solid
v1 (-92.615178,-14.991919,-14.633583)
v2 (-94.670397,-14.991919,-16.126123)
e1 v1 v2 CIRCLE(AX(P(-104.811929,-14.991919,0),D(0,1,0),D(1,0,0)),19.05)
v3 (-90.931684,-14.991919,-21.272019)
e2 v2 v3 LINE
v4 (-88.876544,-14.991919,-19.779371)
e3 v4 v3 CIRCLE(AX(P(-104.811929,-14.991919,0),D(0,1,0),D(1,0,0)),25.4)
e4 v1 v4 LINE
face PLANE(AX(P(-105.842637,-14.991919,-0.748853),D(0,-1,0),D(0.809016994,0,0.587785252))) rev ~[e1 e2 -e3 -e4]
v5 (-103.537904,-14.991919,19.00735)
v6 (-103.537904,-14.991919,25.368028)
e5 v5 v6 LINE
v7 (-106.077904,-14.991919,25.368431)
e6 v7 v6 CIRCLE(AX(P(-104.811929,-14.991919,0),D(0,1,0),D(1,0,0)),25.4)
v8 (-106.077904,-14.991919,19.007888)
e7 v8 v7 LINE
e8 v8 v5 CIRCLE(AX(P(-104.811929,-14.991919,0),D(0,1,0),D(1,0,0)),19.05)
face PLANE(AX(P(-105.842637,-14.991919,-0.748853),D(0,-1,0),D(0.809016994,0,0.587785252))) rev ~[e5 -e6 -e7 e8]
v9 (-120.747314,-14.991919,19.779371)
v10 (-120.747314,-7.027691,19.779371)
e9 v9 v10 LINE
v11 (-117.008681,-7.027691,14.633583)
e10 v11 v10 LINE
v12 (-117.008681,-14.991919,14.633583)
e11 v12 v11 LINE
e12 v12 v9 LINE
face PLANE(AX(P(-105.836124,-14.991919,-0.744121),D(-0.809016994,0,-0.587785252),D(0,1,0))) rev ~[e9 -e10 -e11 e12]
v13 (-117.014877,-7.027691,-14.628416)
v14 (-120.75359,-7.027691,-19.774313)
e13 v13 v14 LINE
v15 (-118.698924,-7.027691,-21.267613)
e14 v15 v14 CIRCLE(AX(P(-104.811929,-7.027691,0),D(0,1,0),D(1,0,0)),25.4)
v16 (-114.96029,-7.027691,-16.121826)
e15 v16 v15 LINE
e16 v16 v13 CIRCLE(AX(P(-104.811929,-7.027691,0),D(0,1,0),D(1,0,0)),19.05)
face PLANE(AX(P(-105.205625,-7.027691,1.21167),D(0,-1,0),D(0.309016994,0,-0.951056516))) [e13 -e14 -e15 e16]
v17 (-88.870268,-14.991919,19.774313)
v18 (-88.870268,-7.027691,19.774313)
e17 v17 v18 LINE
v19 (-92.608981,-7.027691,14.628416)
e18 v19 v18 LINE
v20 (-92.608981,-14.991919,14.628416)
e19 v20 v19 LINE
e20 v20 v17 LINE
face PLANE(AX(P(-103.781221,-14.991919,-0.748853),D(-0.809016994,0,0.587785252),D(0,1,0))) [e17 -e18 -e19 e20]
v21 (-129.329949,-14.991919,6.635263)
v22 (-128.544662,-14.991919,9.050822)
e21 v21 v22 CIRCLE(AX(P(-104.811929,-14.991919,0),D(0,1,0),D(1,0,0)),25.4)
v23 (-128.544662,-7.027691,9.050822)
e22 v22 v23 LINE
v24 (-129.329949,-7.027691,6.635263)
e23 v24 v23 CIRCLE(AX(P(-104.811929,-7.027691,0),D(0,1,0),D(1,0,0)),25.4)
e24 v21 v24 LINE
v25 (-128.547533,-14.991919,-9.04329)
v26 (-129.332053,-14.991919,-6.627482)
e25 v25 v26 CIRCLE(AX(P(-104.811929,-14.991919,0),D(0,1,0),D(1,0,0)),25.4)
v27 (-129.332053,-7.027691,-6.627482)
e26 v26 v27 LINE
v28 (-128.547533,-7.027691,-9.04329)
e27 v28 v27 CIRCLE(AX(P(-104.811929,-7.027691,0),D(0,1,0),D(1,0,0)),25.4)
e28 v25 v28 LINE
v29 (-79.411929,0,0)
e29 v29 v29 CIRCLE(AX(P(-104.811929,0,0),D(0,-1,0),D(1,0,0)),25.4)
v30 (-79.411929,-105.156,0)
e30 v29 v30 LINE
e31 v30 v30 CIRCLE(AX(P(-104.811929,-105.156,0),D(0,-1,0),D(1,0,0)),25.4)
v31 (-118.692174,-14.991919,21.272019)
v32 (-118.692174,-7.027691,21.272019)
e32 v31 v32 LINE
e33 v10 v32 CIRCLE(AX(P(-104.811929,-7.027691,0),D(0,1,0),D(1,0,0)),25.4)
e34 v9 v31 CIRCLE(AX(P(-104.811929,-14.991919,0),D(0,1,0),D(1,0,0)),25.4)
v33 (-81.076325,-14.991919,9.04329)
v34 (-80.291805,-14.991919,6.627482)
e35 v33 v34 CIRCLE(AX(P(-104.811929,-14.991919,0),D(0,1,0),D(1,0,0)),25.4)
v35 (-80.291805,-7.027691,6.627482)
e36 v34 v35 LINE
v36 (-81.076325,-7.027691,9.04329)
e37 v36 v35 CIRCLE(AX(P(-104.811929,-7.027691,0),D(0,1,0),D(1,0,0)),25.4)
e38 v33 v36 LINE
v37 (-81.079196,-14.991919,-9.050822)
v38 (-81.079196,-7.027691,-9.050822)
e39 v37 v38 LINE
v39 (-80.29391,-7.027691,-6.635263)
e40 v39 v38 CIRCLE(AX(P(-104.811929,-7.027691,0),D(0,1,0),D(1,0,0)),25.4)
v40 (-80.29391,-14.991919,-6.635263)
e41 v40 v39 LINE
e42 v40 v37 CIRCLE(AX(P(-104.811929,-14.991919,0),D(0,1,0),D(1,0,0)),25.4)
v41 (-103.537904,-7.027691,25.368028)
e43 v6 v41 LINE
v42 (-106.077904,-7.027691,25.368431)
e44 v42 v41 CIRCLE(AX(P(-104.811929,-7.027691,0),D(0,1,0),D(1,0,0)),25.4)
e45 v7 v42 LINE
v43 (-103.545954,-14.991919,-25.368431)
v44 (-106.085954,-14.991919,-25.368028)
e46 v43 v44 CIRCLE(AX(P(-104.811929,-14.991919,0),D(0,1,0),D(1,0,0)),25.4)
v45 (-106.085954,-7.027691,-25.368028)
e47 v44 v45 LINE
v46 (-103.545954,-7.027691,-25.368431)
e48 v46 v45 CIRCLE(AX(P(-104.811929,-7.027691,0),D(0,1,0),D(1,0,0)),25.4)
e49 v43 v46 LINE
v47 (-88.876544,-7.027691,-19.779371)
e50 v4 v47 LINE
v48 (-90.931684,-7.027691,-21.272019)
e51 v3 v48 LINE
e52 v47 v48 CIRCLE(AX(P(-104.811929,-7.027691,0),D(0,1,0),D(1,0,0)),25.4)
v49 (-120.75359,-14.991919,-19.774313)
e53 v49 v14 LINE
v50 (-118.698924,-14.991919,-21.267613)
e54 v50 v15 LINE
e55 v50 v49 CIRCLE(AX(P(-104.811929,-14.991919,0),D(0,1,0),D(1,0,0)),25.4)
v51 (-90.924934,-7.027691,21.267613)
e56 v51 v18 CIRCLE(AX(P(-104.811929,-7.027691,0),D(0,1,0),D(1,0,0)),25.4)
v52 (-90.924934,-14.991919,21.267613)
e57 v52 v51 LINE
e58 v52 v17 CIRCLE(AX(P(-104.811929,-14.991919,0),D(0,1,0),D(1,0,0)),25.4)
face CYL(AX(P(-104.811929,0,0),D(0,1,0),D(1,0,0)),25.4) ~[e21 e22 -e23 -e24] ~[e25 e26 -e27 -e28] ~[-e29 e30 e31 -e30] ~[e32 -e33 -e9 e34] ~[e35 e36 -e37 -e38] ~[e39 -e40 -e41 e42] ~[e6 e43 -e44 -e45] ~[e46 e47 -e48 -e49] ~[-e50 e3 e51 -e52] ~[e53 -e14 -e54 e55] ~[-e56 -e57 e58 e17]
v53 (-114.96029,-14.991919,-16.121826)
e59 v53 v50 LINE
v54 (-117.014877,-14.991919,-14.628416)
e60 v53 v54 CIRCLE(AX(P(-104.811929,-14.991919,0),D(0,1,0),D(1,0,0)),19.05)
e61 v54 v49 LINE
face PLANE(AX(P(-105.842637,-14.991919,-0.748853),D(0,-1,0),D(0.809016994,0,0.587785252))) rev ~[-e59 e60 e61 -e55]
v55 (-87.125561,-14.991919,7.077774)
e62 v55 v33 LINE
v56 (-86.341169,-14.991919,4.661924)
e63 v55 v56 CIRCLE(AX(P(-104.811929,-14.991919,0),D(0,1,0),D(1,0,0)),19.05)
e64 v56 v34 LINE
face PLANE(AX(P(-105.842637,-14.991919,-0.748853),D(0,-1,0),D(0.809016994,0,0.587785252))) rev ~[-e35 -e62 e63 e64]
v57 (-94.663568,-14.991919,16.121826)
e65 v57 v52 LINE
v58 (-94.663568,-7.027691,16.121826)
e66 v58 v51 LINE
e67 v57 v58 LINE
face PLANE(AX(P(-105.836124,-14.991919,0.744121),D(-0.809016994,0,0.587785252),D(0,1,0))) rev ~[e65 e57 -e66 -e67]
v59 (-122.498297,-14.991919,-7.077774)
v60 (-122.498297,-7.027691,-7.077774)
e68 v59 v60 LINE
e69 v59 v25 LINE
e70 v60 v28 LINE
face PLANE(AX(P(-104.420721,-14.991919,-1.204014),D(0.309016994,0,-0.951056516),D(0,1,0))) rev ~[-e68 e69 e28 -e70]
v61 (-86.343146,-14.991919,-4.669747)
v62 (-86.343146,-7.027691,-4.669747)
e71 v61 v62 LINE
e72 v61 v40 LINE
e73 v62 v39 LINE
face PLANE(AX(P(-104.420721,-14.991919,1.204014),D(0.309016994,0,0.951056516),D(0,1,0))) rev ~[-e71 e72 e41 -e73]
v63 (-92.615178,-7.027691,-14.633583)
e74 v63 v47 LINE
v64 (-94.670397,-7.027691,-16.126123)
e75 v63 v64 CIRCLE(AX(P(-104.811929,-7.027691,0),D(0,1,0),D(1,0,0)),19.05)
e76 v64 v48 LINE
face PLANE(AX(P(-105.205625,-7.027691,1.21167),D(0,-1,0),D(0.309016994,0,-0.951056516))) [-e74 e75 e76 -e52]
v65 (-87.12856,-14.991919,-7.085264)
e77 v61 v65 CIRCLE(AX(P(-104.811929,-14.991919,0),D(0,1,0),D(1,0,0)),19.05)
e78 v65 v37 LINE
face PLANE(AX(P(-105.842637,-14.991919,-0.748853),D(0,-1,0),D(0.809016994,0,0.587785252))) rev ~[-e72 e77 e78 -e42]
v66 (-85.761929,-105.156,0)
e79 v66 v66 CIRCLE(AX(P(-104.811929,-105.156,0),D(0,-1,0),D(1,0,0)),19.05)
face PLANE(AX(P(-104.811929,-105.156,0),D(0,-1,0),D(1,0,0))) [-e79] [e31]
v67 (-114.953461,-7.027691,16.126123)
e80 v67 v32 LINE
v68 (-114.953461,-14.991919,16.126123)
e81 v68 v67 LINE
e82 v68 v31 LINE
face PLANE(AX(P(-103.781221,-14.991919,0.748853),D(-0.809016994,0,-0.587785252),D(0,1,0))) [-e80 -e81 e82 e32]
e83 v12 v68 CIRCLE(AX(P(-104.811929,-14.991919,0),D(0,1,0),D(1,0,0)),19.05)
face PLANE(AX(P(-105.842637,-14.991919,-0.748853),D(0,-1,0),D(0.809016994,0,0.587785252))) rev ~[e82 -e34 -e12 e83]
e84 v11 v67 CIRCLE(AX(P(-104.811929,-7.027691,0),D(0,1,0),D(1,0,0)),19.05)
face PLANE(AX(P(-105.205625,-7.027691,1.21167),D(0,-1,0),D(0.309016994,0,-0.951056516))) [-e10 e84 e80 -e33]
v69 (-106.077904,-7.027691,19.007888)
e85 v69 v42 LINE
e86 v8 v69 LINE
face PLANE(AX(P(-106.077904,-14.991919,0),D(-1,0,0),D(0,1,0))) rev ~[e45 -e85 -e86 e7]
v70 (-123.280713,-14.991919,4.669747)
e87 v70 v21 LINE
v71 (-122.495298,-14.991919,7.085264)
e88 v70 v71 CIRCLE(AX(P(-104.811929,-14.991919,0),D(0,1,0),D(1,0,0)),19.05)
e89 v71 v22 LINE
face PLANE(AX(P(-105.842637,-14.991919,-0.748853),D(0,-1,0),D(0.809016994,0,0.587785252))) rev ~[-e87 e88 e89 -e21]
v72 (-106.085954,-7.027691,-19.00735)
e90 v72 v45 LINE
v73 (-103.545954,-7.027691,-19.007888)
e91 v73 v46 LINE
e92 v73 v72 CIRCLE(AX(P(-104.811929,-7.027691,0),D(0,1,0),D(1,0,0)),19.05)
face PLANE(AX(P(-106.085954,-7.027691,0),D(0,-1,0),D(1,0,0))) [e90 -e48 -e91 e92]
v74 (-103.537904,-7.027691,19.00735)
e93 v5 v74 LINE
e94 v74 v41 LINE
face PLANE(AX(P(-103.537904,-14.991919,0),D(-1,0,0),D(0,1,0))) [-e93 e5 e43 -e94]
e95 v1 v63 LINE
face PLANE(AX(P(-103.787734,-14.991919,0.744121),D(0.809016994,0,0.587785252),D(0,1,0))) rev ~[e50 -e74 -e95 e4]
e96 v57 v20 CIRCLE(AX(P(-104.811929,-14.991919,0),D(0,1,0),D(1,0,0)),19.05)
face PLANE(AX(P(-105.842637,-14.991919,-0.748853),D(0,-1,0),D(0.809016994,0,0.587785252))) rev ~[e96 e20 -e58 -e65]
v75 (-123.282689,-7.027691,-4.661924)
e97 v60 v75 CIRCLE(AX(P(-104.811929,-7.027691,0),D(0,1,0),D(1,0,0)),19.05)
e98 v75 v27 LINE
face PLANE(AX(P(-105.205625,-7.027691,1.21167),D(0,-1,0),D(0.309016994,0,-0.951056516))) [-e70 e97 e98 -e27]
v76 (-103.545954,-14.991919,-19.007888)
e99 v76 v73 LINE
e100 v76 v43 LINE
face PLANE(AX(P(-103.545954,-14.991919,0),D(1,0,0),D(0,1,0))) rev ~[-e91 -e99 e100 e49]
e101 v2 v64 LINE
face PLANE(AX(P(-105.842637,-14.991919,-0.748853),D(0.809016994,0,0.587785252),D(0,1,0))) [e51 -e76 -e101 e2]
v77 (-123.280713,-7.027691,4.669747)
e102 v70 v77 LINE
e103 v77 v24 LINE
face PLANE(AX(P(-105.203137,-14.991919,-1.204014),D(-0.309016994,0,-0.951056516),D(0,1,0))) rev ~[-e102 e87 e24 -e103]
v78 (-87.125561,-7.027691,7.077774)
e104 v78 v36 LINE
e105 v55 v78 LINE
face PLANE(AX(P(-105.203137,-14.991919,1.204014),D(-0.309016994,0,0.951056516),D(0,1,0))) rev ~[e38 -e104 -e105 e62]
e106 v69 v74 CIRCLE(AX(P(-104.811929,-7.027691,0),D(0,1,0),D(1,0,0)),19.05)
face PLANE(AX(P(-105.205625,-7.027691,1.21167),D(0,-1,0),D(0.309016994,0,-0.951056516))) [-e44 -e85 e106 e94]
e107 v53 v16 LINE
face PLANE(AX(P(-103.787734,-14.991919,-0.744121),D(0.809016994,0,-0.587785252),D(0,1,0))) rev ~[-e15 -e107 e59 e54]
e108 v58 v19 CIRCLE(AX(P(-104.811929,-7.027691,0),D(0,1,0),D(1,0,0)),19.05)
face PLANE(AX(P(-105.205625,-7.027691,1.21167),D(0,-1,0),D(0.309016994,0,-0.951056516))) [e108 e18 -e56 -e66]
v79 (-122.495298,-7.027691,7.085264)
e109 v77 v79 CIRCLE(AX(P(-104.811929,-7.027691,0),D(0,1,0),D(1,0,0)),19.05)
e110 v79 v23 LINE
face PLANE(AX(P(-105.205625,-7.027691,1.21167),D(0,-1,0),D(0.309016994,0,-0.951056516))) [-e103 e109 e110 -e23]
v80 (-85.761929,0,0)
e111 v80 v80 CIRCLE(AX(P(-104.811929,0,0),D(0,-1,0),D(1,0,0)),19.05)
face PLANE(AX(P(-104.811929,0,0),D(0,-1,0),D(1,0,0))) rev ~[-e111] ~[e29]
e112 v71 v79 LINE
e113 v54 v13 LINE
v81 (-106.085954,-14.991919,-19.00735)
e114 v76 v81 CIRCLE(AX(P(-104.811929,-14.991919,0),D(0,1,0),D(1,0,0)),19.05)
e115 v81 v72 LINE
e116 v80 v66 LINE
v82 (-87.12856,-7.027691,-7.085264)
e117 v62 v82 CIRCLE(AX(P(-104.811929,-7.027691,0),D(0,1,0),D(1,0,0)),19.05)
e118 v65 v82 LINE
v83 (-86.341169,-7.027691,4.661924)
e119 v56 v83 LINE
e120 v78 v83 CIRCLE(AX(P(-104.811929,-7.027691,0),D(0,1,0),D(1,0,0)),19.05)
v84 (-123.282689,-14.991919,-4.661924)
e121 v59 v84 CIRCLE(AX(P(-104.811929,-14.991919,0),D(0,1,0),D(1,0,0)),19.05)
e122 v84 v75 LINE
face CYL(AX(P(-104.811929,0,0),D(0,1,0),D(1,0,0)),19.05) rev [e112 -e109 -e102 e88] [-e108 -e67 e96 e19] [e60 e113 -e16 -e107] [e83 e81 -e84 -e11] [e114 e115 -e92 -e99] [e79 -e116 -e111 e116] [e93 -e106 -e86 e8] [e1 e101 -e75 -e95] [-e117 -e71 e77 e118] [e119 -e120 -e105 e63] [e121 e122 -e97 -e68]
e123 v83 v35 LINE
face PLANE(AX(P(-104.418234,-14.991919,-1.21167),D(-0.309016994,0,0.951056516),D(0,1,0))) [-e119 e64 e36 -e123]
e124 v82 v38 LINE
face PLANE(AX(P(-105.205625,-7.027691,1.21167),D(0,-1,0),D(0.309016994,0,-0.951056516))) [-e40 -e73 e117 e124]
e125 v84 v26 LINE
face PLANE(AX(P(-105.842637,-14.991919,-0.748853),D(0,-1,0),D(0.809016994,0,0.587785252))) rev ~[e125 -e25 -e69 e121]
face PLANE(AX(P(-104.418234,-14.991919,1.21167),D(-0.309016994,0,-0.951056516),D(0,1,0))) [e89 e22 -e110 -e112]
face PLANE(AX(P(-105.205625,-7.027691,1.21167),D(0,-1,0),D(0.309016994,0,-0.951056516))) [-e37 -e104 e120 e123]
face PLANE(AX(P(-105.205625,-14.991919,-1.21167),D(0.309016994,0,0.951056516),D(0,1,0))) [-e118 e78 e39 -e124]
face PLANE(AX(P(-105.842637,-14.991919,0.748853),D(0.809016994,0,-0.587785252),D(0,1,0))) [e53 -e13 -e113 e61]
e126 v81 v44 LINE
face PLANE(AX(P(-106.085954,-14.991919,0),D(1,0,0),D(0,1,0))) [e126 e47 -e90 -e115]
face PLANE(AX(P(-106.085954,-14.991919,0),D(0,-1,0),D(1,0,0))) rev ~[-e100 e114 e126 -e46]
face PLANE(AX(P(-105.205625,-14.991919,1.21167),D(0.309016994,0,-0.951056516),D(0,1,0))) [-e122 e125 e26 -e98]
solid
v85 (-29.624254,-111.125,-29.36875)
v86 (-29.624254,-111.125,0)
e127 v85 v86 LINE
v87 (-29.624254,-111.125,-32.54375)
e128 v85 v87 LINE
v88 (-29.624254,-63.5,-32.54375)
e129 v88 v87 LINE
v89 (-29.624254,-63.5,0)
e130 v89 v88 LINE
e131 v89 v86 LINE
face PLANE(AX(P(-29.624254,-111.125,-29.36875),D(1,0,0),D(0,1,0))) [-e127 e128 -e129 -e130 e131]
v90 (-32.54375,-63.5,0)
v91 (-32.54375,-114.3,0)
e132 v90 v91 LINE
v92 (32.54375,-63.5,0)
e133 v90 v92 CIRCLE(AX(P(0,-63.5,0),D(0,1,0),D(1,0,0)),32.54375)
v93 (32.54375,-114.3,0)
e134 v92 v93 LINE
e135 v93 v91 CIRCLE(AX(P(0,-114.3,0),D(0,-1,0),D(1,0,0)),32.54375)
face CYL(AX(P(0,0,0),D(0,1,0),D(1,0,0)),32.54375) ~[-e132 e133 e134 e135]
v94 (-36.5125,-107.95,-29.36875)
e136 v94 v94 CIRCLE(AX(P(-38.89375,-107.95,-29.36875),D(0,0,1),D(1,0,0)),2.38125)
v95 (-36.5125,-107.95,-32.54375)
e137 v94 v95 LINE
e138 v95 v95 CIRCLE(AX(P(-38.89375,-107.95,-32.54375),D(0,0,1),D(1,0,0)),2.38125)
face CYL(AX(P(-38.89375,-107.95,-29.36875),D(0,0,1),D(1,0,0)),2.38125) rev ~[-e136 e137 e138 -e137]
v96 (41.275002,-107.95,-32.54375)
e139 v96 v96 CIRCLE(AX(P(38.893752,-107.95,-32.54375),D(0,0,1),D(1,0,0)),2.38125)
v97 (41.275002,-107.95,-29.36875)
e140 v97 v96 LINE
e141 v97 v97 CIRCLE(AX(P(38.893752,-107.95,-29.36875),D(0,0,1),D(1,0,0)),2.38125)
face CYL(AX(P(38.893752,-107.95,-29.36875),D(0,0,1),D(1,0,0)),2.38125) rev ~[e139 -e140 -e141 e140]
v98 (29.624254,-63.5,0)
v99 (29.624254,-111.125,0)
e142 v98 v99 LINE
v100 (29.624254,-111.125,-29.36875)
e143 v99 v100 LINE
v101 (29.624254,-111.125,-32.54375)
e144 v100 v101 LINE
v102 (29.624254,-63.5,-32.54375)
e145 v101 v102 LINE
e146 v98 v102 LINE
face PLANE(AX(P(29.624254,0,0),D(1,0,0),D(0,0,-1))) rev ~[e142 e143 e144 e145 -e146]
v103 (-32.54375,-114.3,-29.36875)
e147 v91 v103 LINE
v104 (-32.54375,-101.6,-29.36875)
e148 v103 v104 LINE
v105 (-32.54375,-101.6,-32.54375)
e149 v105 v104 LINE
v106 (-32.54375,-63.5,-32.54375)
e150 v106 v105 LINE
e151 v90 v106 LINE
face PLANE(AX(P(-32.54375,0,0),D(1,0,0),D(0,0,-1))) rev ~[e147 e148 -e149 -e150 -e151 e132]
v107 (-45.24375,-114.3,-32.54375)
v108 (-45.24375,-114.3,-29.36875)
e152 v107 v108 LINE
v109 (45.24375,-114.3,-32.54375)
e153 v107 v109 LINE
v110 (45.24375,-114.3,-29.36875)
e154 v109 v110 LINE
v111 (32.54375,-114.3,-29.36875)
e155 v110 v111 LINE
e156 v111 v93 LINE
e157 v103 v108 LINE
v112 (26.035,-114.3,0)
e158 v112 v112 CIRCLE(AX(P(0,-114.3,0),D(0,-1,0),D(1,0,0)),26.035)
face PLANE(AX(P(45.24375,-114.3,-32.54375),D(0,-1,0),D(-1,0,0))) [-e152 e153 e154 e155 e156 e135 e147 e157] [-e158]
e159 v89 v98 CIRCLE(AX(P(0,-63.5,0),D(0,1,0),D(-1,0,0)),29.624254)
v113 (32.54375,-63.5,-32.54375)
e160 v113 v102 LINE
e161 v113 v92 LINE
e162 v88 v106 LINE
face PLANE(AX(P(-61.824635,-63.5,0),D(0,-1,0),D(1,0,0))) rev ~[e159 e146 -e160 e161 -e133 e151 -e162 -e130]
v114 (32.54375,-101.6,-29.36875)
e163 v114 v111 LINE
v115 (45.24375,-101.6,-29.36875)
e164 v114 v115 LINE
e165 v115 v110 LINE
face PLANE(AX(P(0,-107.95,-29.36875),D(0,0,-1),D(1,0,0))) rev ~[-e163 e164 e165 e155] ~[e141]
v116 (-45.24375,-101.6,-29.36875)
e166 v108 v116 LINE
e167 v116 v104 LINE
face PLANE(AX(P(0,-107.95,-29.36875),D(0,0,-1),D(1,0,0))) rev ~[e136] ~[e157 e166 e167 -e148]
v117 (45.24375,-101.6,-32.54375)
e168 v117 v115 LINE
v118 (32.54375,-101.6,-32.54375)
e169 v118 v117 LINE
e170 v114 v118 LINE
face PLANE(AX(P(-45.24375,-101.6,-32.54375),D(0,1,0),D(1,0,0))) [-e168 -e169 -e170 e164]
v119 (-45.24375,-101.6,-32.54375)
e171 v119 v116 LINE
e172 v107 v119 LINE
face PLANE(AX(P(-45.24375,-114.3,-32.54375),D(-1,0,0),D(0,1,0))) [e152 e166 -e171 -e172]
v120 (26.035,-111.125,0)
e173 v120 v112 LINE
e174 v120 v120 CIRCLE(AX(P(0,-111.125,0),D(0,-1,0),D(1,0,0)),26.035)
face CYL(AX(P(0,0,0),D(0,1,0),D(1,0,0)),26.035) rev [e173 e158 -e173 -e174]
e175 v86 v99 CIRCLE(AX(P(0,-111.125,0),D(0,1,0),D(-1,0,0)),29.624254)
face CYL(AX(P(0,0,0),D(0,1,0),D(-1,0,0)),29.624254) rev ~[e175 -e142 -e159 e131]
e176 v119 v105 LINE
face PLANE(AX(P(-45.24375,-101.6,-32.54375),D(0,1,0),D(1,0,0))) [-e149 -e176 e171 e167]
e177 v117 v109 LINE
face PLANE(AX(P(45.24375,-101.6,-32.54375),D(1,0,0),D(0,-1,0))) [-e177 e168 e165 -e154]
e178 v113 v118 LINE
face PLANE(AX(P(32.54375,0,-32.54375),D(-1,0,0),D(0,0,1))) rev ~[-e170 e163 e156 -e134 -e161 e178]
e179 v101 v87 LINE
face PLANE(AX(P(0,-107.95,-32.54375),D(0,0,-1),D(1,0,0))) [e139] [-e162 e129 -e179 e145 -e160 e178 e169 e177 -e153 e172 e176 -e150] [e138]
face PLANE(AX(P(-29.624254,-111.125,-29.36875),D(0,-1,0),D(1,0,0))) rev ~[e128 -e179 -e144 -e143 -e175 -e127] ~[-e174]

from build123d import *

# Parameters (mm, degrees)
F0_R           = 26.035
F1_DEPTH       = 114.3
F2_R           = 29.6242543491
F3_DEPTH       = 111.125
F5_DEPTH       = 111.125
F7_DEPTH       = 3.175
F8_W           = 12.7
F8_H           = 12.7
F9_DEPTH       = 3.175
F10_R          = 2.38125
F11_DEPTH      = 25.4
F12_R          = 25.4
F12_R_2        = 19.05
F13_DEPTH      = 105.156
F14_W          = 2.54
F14_H          = 7.9642278678
F15_DEPTH      = 32.766
F16_COUNT      = 10
F17_W          = 59.2485086981
F17_H          = 9.525
F18_DEPTH      = 25.4
F19_W          = 132.8420794986
F19_H          = 63.5
F20_DEPTH      = 65.278
F20_DEPTH_BACK = 64.77


with BuildPart() as f1:
    # F0 (on Front) → F1 (new body)
    with BuildSketch(Plane.XZ):
        with BuildLine():
            Line((-32.54375, -32.54375), (0, -32.54375))
            Line((0, -32.54375), (32.54375, -32.54375))
            Line((32.54375, -32.54375), (32.54375, 0))
            ThreePointArc((32.54375, 0), (0, 32.54375), (-32.54375, 0))
            Line((-32.54375, 0), (-32.54375, -32.54375))
        make_face()
        Circle(F0_R, mode=Mode.SUBTRACT)
    extrude(amount=F1_DEPTH)

    # F2 (on face) → F3 (cut)
    with BuildSketch(Plane(origin=(0, 0, 0), x_dir=(-1, 0, 0), z_dir=(0, 1, 0))):
        Circle(F2_R)
    extrude(amount=-F3_DEPTH, mode=Mode.SUBTRACT)

    # F4 (on face) → F5 (cut)
    with BuildSketch(Plane(origin=(0, 0, 0), x_dir=(-1, 0, 0), z_dir=(0, 1, 0))):
        Polygon((-29.6242543491, -49.9954782426), (0, -49.9954782426), (29.6242543491, -49.9954782426), (29.6242543491, 0), (0, 0), (-29.6242543491, 0), align=None)
    extrude(amount=-F5_DEPTH, mode=Mode.SUBTRACT)

    # F6 (on face) → F7 (join)
    with BuildSketch(Plane(origin=(0, 0, -32.54375), x_dir=(1, 0, 0), z_dir=(0, 0, -1))):
        Polygon((45.24375, 114.3), (0, 114.3), (-45.24375, 114.3), (-45.24375, 101.6), (-32.54375, 101.6), (0, 101.6), (32.54375, 101.6), (45.24375, 101.6), align=None)
    extrude(amount=-F7_DEPTH)

    # F8 (on face) → F9 (join)
    with BuildSketch(Plane(origin=(0, 0, -32.54375), x_dir=(1, 0, 0), z_dir=(0, 0, -1))):
        with Locations((-38.89375, 57.15)):
            Rectangle(F8_W, F8_H)
        with Locations((38.89375, 57.15)):
            Rectangle(F8_W, F8_H)
    extrude(amount=-F9_DEPTH)

    # F10 (on face) → F11 (cut)
    with BuildSketch(Plane.XY.offset(-29.36875)):
        with Locations((-38.89375, -57.15)):
            Circle(F10_R)
        with Locations((-38.89375, -107.95)):
            Circle(F10_R)
        with Locations((38.89375, -57.15)):
            Circle(F10_R)
        with Locations((38.8937518001, -107.95)):
            Circle(F10_R)
    extrude(amount=-F11_DEPTH, mode=Mode.SUBTRACT)

    # F17 (on face) → F18 (cut)
    with BuildSketch(Plane.XY.offset(-29.36875)):
        with Locations((0, -106.3625)):
            Rectangle(F17_W, F17_H)
    extrude(amount=-F18_DEPTH, mode=Mode.SUBTRACT)

    # F19 (on Top) → F20 (cut, two sides)
    with BuildSketch(Plane.XY) as f20_sk:
        with Locations((4.5964045951, -31.75)):
            Rectangle(F19_W, F19_H)
    extrude(amount=-F20_DEPTH, mode=Mode.SUBTRACT)
    extrude(f20_sk.sketch, amount=F20_DEPTH_BACK, mode=Mode.SUBTRACT)


with BuildPart() as f13:
    # F12 (on Front) → F13 (new body)
    with BuildSketch(Plane.XZ):
        with Locations((-104.8119291663, 0)):
            Circle(F12_R)
        with Locations((-104.8119291663, 0)):
            Circle(F12_R_2, mode=Mode.SUBTRACT)
    extrude(amount=F13_DEPTH)


with BuildPart() as f15:
    # F14 (on Top) → F15 (new body)
    with BuildSketch(Plane.XY):
        with Locations((-104.8159544325, -11.0098046448)):
            Rectangle(F14_W, F14_H)
    extrude(amount=-F15_DEPTH)


with BuildPart() as f16_tool:
    # F16: F15 ×10 about axis
    f16_axis = Axis((-104.8119291663, 0, 0), (0, -1, 0))
    for i in range(1, F16_COUNT):
        add(f15.part.rotate(f16_axis, i * 360 / F16_COUNT))


with BuildPart() as f13_1:
    add(f13.part)

    # F16: cut by f16_tool
    add(f16_tool.part, mode=Mode.SUBTRACT)


with BuildPart() as f15_1:
    add(f15.part)

    # F16: cut by f16_tool
    add(f16_tool.part, mode=Mode.SUBTRACT)


with BuildPart() as f13_2:
    add(f13_1.part)

    # F16#seed: cut F15
    add(f15_1.part, mode=Mode.SUBTRACT)


solid = Compound([f1.part, f13_2.part])
